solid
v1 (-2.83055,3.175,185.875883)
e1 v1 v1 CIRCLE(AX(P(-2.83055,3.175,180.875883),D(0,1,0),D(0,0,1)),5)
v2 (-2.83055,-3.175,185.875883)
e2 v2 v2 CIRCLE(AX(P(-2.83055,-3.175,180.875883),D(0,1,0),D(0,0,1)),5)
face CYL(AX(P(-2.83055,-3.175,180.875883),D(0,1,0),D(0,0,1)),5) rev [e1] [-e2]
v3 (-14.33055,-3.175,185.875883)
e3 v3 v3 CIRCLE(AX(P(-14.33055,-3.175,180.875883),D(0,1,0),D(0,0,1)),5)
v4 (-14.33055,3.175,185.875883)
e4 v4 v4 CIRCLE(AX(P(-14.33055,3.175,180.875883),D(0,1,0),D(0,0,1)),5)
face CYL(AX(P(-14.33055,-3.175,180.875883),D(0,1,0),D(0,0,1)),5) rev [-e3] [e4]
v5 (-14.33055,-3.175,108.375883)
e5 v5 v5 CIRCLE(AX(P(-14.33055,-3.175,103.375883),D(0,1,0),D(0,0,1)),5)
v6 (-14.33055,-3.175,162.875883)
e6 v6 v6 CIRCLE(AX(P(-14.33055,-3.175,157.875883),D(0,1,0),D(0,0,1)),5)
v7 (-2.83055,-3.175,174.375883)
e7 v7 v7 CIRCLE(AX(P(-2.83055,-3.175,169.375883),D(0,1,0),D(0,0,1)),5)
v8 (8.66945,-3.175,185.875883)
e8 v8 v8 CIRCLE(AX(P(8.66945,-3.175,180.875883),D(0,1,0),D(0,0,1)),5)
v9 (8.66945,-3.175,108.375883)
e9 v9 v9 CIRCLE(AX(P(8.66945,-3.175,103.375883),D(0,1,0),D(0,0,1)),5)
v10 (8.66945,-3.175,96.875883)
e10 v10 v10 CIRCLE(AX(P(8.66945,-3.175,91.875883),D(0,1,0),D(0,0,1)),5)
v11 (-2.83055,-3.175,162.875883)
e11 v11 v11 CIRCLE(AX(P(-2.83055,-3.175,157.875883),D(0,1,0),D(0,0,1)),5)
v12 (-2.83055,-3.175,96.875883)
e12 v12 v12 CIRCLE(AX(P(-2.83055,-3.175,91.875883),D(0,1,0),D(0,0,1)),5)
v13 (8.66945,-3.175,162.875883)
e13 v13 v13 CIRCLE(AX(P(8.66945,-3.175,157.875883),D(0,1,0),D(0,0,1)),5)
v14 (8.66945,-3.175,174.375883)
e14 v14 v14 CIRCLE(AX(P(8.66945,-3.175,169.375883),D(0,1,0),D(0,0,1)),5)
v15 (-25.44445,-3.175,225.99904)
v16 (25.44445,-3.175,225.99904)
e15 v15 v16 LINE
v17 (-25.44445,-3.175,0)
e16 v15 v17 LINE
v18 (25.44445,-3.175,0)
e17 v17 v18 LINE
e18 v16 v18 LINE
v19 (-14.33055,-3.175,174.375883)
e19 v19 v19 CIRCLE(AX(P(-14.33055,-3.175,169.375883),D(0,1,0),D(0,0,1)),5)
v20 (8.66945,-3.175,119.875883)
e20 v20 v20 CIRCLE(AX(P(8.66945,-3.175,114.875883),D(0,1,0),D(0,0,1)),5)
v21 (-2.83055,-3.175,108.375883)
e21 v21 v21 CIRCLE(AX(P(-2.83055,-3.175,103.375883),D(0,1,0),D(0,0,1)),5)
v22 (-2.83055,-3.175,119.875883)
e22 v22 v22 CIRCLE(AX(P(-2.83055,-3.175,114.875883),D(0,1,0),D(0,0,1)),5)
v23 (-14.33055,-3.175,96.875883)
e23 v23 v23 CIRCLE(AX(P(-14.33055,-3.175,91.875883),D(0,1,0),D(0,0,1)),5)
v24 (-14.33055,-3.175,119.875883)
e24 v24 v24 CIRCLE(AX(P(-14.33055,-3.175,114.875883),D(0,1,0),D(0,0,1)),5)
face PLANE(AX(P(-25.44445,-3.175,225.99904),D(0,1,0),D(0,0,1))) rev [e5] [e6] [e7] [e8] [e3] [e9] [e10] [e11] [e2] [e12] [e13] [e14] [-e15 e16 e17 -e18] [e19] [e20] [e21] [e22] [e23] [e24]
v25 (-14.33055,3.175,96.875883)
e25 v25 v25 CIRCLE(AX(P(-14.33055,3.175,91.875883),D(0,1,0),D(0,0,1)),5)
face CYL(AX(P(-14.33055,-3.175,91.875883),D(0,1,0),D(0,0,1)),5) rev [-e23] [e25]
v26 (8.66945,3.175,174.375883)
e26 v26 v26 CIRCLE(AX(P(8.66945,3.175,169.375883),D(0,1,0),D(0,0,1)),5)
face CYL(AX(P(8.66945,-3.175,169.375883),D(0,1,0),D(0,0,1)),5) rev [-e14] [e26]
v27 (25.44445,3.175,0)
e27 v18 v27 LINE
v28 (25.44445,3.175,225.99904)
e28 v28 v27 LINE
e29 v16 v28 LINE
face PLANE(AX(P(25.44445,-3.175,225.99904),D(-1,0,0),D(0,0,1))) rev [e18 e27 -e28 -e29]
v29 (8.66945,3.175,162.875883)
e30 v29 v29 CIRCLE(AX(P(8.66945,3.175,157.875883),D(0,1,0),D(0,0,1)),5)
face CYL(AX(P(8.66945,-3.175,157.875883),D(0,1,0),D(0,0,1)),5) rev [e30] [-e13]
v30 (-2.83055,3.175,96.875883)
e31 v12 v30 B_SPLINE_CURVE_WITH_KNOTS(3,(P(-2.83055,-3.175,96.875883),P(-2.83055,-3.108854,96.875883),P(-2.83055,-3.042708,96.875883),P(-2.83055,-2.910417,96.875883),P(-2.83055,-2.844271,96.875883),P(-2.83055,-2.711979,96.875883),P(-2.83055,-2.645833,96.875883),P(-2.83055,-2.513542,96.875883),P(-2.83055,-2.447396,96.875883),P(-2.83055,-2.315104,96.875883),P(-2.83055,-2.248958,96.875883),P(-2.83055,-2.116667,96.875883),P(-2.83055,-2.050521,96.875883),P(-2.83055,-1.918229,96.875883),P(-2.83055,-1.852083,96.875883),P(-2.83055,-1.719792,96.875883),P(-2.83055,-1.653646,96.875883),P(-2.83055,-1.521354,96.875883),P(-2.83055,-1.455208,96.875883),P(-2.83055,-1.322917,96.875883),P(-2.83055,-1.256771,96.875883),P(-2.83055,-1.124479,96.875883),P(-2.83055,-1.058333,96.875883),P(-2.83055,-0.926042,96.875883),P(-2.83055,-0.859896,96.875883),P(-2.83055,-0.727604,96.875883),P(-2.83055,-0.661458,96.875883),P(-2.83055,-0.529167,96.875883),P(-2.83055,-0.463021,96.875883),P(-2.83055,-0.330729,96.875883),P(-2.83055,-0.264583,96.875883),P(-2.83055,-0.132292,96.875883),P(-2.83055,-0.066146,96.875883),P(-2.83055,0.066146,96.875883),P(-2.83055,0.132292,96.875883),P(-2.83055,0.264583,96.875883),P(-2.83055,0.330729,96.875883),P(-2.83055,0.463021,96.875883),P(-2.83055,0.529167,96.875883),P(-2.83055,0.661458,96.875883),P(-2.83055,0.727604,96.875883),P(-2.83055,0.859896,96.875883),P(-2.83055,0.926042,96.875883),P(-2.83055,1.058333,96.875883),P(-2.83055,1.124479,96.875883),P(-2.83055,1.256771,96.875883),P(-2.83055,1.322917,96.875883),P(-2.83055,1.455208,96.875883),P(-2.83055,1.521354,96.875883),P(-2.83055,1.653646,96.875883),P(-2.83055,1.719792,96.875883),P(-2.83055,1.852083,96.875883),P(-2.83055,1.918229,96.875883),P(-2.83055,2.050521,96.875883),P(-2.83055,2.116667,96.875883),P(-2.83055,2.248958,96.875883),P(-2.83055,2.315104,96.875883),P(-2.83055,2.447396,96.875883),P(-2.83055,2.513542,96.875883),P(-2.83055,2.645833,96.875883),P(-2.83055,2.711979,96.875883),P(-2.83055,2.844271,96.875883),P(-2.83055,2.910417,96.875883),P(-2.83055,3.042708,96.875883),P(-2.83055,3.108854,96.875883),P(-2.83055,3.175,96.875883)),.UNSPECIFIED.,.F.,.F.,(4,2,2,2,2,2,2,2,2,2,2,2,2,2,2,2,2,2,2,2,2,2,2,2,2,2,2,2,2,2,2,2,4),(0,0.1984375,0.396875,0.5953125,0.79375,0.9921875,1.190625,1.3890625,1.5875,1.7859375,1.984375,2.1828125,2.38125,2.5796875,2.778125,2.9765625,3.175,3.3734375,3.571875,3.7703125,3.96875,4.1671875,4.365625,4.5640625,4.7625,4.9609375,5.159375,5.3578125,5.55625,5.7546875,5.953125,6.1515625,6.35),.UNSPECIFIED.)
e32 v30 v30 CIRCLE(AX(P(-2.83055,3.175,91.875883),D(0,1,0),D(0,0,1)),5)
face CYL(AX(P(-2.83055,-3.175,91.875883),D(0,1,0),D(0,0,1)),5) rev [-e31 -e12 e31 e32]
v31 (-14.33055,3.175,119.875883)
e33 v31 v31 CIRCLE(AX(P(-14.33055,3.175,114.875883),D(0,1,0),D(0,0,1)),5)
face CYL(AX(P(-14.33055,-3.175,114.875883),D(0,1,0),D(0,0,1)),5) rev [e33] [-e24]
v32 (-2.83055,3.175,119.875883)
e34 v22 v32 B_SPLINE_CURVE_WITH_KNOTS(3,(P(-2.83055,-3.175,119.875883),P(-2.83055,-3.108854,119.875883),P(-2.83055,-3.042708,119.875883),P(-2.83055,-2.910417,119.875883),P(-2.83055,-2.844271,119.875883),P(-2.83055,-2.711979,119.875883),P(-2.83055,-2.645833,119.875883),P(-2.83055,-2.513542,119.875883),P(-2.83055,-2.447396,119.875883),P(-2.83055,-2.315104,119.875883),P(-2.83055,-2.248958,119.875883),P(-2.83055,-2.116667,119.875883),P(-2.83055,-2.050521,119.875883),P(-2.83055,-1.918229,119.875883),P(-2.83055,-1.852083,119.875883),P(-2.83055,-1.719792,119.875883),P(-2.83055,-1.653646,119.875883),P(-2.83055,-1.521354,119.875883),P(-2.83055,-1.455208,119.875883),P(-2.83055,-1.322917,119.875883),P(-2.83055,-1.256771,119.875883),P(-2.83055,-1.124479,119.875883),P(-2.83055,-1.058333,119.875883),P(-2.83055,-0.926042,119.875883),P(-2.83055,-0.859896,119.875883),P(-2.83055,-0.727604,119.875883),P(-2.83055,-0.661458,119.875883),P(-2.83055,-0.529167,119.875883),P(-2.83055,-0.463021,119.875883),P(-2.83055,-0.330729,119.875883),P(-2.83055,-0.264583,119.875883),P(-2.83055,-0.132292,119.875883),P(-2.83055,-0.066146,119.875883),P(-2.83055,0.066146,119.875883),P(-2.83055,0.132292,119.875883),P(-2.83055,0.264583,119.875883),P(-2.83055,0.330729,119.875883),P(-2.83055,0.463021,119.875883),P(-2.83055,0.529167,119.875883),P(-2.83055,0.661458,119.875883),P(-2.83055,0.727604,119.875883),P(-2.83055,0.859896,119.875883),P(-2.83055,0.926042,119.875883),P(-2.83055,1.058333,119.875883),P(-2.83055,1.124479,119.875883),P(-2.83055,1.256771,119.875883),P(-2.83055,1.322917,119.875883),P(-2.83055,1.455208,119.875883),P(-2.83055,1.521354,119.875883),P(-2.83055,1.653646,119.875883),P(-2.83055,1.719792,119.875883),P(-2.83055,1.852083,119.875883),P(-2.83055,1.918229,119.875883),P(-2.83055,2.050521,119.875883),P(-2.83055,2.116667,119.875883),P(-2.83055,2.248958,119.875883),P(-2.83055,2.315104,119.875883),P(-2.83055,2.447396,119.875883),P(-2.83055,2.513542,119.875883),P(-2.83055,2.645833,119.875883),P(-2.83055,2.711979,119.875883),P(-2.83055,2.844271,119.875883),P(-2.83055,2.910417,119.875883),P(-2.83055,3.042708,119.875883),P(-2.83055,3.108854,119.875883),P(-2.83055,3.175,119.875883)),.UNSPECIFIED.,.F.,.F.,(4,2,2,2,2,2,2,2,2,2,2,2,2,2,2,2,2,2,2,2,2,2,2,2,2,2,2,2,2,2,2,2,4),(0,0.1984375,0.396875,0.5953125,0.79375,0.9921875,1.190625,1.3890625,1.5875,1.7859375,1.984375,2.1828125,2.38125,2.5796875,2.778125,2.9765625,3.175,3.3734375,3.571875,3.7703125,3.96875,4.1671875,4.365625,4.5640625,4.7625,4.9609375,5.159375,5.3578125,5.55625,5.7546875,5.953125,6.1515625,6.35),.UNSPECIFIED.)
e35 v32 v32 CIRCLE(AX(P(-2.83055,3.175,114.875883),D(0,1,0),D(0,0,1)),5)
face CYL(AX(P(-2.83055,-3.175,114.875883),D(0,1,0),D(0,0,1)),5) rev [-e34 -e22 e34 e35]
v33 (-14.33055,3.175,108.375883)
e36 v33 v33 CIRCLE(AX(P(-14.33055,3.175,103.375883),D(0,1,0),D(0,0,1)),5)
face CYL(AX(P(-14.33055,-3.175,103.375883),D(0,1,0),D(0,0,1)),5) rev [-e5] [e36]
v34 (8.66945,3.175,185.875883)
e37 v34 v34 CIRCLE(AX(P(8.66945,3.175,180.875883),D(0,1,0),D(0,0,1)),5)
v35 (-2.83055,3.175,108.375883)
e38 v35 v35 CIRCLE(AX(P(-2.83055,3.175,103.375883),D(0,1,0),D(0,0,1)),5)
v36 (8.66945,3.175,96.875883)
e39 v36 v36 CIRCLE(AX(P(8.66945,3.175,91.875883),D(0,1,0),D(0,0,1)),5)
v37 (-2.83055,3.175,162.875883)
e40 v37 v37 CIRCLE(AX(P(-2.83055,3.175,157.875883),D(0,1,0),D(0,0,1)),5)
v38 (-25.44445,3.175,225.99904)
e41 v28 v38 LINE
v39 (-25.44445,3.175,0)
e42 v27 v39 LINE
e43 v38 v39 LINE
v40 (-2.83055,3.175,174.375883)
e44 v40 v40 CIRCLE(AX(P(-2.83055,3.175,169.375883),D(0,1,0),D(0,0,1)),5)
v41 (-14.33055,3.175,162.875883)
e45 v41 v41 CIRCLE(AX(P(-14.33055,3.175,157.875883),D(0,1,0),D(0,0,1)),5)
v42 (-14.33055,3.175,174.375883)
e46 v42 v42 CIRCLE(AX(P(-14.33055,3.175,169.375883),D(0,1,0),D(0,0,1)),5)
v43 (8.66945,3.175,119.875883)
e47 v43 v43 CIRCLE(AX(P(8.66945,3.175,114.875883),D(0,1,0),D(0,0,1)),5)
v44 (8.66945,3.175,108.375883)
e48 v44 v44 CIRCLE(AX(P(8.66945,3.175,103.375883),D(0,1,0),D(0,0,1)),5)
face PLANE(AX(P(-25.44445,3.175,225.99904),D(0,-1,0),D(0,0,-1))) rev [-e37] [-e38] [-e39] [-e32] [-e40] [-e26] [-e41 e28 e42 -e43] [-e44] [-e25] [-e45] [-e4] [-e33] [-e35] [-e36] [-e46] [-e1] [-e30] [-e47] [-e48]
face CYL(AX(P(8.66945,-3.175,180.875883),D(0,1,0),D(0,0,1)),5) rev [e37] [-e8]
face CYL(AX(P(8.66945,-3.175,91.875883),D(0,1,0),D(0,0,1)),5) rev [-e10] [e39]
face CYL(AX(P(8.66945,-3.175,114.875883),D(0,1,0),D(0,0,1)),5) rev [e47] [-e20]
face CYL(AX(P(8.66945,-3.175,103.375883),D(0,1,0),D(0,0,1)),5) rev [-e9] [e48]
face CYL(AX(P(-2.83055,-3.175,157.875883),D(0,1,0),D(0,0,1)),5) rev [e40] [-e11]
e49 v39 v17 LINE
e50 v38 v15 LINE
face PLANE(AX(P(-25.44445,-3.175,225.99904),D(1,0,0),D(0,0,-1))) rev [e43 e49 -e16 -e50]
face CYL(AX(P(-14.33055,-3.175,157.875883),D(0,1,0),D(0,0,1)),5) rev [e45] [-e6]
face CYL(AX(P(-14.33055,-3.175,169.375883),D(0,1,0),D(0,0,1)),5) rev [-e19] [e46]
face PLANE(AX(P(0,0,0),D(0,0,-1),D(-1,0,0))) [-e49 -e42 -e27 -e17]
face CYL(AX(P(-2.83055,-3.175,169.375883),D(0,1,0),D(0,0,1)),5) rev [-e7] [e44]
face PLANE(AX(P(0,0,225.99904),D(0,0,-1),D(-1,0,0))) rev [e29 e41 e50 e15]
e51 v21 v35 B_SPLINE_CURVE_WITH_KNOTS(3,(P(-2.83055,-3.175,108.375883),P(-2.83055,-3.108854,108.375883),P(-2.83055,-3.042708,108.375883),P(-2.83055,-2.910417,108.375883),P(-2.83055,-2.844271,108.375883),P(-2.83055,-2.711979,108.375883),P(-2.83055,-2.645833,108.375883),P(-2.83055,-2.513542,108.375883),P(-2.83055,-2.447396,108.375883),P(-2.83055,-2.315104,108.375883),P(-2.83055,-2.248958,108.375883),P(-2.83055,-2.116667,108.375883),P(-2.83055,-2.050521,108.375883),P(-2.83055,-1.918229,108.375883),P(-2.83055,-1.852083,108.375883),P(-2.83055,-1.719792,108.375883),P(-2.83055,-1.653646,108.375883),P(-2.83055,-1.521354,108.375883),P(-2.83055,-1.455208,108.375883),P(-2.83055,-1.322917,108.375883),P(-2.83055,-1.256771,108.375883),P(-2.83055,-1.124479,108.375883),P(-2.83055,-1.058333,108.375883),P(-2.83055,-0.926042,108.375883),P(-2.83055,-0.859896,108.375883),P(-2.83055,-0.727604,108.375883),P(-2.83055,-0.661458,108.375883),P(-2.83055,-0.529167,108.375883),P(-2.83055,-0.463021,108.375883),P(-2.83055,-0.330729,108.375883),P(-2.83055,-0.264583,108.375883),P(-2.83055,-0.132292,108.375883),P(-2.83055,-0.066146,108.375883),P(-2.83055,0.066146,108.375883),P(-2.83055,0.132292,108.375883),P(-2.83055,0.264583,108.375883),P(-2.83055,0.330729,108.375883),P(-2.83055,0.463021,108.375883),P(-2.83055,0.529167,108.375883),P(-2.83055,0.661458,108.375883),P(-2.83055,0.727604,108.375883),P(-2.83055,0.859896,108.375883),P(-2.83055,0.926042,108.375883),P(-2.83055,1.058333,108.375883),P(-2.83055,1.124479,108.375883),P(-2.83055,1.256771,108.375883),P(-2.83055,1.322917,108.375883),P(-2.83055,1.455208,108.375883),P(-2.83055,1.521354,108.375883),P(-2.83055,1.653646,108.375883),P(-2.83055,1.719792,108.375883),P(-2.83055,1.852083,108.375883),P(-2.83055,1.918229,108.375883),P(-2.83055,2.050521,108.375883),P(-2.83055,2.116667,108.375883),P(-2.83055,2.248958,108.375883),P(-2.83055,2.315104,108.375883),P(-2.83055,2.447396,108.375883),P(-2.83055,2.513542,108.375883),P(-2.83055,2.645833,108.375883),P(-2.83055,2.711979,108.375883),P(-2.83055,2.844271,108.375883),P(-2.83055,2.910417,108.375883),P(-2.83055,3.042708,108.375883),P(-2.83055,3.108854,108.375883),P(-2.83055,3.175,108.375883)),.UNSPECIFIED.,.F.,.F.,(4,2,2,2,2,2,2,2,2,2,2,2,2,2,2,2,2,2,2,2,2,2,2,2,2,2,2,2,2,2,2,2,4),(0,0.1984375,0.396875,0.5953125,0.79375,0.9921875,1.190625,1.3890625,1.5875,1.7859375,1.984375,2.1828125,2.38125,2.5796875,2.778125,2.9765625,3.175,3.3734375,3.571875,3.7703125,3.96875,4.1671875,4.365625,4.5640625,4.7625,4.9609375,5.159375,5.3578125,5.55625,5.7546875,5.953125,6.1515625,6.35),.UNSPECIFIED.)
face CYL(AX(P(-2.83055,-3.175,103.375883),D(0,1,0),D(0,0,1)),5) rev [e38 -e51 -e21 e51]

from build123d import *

# Parameters (mm, degrees)
SKETCH1_W                 = 50.8889
SKETCH1_H                 = 6.35
BOSS_EXTRUDE1_DEPTH       = 225.99904
SKETCH3_R                 = 5.000000033
CUT_EXTRUDE1_DEPTH        = 228.515512914
LPATTERN1_COUNT           = 3
LPATTERN1_PITCH           = 11.500000114
LPATTERN1_COUNT_DIR2      = 3
LPATTERN1_PITCH_DIR2      = 11.500000114
LPATTERN2_COUNT           = 2
LPATTERN2_PITCH           = 66.00000008
LPATTERN2_COPY_1_SKETCH_R = 5.000000033
LPATTERN2_COPY_1_DEPTH    = 228.515512914
LPATTERN2_COPY_2_SKETCH_R = 5.000000033
LPATTERN2_COPY_2_DEPTH    = 228.515512914
LPATTERN2_COPY_3_SKETCH_R = 5.000000033
LPATTERN2_COPY_3_DEPTH    = 228.515512914
LPATTERN2_COPY_4_SKETCH_R = 5.000000033
LPATTERN2_COPY_4_DEPTH    = 228.515512914
LPATTERN2_COPY_5_SKETCH_R = 5.000000033
LPATTERN2_COPY_5_DEPTH    = 228.515512914
LPATTERN2_COPY_6_SKETCH_R = 5.000000033
LPATTERN2_COPY_6_DEPTH    = 228.515512914
LPATTERN2_COPY_7_SKETCH_R = 5.000000033
LPATTERN2_COPY_7_DEPTH    = 228.515512914
LPATTERN2_COPY_8_SKETCH_R = 5.000000033
LPATTERN2_COPY_8_DEPTH    = 228.515512914


with BuildPart() as part:
    # Sketch1 → Boss-Extrude1 (new body)
    with BuildSketch(Plane.XY):
        Rectangle(SKETCH1_W, SKETCH1_H)
    extrude(amount=BOSS_EXTRUDE1_DEPTH)

    # Sketch3 → Cut-Extrude1 (cut, through all)
    with BuildSketch(Plane(origin=(0, 3.175, 0), x_dir=(1, 0, 0), z_dir=(0, 1, 0))):
        with Locations(Location((8.669450022, -180.875882939, 0), (0, 0, 270))):
            Circle(SKETCH3_R)
    cut_extrude1 = extrude(amount=-CUT_EXTRUDE1_DEPTH, mode=Mode.SUBTRACT)

    # LPattern1: Cut-Extrude1 3 × 3
    with Locations(*[(-i * LPATTERN1_PITCH, 0, -j * LPATTERN1_PITCH_DIR2) for i in range(LPATTERN1_COUNT) for j in range(LPATTERN1_COUNT_DIR2) if (i, j) != (0, 0)]):
        add(cut_extrude1, mode=Mode.SUBTRACT)

    # LPattern2: Cut-Extrude1 ×2
    with Locations(*[(0, 0, -i * LPATTERN2_PITCH) for i in range(1, LPATTERN2_COUNT)]):
        add(cut_extrude1, mode=Mode.SUBTRACT)

    # LPattern2 copy 1 sketch → LPattern2 copy 1 (cut, through all)
    with BuildSketch(Plane(origin=(0, 3.175, -77.500000194), x_dir=(1, 0, 0), z_dir=(0, 1, 0))):
        with Locations(Location((8.669450022, -180.875882939, 0), (0, 0, 270))):
            Circle(LPATTERN2_COPY_1_SKETCH_R)
    extrude(amount=-LPATTERN2_COPY_1_DEPTH, mode=Mode.SUBTRACT)

    # LPattern2 copy 2 sketch → LPattern2 copy 2 (cut, through all)
    with BuildSketch(Plane(origin=(0, 3.175, -89.000000308), x_dir=(1, 0, 0), z_dir=(0, 1, 0))):
        with Locations(Location((8.669450022, -180.875882939, 0), (0, 0, 270))):
            Circle(LPATTERN2_COPY_2_SKETCH_R)
    extrude(amount=-LPATTERN2_COPY_2_DEPTH, mode=Mode.SUBTRACT)

    # LPattern2 copy 3 sketch → LPattern2 copy 3 (cut, through all)
    with BuildSketch(Plane(origin=(-11.500000114, 3.175, -66.00000008), x_dir=(1, 0, 0), z_dir=(0, 1, 0))):
        with Locations(Location((8.669450022, -180.875882939, 0), (0, 0, 270))):
            Circle(LPATTERN2_COPY_3_SKETCH_R)
    extrude(amount=-LPATTERN2_COPY_3_DEPTH, mode=Mode.SUBTRACT)

    # LPattern2 copy 4 sketch → LPattern2 copy 4 (cut, through all)
    with BuildSketch(Plane(origin=(-11.500000114, 3.175, -77.500000194), x_dir=(1, 0, 0), z_dir=(0, 1, 0))):
        with Locations(Location((8.669450022, -180.875882939, 0), (0, 0, 270))):
            Circle(LPATTERN2_COPY_4_SKETCH_R)
    extrude(amount=-LPATTERN2_COPY_4_DEPTH, mode=Mode.SUBTRACT)

    # LPattern2 copy 5 sketch → LPattern2 copy 5 (cut, through all)
    with BuildSketch(Plane(origin=(-11.500000114, 3.175, -89.000000308), x_dir=(1, 0, 0), z_dir=(0, 1, 0))):
        with Locations(Location((8.669450022, -180.875882939, 0), (0, 0, 270))):
            Circle(LPATTERN2_COPY_5_SKETCH_R)
    extrude(amount=-LPATTERN2_COPY_5_DEPTH, mode=Mode.SUBTRACT)

    # LPattern2 copy 6 sketch → LPattern2 copy 6 (cut, through all)
    with BuildSketch(Plane(origin=(-23.000000228, 3.175, -66.00000008), x_dir=(1, 0, 0), z_dir=(0, 1, 0))):
        with Locations(Location((8.669450022, -180.875882939, 0), (0, 0, 270))):
            Circle(LPATTERN2_COPY_6_SKETCH_R)
    extrude(amount=-LPATTERN2_COPY_6_DEPTH, mode=Mode.SUBTRACT)

    # LPattern2 copy 7 sketch → LPattern2 copy 7 (cut, through all)
    with BuildSketch(Plane(origin=(-23.000000228, 3.175, -77.500000194), x_dir=(1, 0, 0), z_dir=(0, 1, 0))):
        with Locations(Location((8.669450022, -180.875882939, 0), (0, 0, 270))):
            Circle(LPATTERN2_COPY_7_SKETCH_R)
    extrude(amount=-LPATTERN2_COPY_7_DEPTH, mode=Mode.SUBTRACT)

    # LPattern2 copy 8 sketch → LPattern2 copy 8 (cut, through all)
    with BuildSketch(Plane(origin=(-23.000000228, 3.175, -89.000000308), x_dir=(1, 0, 0), z_dir=(0, 1, 0))):
        with Locations(Location((8.669450022, -180.875882939, 0), (0, 0, 270))):
            Circle(LPATTERN2_COPY_8_SKETCH_R)
    extrude(amount=-LPATTERN2_COPY_8_DEPTH, mode=Mode.SUBTRACT)


solid = part.part
